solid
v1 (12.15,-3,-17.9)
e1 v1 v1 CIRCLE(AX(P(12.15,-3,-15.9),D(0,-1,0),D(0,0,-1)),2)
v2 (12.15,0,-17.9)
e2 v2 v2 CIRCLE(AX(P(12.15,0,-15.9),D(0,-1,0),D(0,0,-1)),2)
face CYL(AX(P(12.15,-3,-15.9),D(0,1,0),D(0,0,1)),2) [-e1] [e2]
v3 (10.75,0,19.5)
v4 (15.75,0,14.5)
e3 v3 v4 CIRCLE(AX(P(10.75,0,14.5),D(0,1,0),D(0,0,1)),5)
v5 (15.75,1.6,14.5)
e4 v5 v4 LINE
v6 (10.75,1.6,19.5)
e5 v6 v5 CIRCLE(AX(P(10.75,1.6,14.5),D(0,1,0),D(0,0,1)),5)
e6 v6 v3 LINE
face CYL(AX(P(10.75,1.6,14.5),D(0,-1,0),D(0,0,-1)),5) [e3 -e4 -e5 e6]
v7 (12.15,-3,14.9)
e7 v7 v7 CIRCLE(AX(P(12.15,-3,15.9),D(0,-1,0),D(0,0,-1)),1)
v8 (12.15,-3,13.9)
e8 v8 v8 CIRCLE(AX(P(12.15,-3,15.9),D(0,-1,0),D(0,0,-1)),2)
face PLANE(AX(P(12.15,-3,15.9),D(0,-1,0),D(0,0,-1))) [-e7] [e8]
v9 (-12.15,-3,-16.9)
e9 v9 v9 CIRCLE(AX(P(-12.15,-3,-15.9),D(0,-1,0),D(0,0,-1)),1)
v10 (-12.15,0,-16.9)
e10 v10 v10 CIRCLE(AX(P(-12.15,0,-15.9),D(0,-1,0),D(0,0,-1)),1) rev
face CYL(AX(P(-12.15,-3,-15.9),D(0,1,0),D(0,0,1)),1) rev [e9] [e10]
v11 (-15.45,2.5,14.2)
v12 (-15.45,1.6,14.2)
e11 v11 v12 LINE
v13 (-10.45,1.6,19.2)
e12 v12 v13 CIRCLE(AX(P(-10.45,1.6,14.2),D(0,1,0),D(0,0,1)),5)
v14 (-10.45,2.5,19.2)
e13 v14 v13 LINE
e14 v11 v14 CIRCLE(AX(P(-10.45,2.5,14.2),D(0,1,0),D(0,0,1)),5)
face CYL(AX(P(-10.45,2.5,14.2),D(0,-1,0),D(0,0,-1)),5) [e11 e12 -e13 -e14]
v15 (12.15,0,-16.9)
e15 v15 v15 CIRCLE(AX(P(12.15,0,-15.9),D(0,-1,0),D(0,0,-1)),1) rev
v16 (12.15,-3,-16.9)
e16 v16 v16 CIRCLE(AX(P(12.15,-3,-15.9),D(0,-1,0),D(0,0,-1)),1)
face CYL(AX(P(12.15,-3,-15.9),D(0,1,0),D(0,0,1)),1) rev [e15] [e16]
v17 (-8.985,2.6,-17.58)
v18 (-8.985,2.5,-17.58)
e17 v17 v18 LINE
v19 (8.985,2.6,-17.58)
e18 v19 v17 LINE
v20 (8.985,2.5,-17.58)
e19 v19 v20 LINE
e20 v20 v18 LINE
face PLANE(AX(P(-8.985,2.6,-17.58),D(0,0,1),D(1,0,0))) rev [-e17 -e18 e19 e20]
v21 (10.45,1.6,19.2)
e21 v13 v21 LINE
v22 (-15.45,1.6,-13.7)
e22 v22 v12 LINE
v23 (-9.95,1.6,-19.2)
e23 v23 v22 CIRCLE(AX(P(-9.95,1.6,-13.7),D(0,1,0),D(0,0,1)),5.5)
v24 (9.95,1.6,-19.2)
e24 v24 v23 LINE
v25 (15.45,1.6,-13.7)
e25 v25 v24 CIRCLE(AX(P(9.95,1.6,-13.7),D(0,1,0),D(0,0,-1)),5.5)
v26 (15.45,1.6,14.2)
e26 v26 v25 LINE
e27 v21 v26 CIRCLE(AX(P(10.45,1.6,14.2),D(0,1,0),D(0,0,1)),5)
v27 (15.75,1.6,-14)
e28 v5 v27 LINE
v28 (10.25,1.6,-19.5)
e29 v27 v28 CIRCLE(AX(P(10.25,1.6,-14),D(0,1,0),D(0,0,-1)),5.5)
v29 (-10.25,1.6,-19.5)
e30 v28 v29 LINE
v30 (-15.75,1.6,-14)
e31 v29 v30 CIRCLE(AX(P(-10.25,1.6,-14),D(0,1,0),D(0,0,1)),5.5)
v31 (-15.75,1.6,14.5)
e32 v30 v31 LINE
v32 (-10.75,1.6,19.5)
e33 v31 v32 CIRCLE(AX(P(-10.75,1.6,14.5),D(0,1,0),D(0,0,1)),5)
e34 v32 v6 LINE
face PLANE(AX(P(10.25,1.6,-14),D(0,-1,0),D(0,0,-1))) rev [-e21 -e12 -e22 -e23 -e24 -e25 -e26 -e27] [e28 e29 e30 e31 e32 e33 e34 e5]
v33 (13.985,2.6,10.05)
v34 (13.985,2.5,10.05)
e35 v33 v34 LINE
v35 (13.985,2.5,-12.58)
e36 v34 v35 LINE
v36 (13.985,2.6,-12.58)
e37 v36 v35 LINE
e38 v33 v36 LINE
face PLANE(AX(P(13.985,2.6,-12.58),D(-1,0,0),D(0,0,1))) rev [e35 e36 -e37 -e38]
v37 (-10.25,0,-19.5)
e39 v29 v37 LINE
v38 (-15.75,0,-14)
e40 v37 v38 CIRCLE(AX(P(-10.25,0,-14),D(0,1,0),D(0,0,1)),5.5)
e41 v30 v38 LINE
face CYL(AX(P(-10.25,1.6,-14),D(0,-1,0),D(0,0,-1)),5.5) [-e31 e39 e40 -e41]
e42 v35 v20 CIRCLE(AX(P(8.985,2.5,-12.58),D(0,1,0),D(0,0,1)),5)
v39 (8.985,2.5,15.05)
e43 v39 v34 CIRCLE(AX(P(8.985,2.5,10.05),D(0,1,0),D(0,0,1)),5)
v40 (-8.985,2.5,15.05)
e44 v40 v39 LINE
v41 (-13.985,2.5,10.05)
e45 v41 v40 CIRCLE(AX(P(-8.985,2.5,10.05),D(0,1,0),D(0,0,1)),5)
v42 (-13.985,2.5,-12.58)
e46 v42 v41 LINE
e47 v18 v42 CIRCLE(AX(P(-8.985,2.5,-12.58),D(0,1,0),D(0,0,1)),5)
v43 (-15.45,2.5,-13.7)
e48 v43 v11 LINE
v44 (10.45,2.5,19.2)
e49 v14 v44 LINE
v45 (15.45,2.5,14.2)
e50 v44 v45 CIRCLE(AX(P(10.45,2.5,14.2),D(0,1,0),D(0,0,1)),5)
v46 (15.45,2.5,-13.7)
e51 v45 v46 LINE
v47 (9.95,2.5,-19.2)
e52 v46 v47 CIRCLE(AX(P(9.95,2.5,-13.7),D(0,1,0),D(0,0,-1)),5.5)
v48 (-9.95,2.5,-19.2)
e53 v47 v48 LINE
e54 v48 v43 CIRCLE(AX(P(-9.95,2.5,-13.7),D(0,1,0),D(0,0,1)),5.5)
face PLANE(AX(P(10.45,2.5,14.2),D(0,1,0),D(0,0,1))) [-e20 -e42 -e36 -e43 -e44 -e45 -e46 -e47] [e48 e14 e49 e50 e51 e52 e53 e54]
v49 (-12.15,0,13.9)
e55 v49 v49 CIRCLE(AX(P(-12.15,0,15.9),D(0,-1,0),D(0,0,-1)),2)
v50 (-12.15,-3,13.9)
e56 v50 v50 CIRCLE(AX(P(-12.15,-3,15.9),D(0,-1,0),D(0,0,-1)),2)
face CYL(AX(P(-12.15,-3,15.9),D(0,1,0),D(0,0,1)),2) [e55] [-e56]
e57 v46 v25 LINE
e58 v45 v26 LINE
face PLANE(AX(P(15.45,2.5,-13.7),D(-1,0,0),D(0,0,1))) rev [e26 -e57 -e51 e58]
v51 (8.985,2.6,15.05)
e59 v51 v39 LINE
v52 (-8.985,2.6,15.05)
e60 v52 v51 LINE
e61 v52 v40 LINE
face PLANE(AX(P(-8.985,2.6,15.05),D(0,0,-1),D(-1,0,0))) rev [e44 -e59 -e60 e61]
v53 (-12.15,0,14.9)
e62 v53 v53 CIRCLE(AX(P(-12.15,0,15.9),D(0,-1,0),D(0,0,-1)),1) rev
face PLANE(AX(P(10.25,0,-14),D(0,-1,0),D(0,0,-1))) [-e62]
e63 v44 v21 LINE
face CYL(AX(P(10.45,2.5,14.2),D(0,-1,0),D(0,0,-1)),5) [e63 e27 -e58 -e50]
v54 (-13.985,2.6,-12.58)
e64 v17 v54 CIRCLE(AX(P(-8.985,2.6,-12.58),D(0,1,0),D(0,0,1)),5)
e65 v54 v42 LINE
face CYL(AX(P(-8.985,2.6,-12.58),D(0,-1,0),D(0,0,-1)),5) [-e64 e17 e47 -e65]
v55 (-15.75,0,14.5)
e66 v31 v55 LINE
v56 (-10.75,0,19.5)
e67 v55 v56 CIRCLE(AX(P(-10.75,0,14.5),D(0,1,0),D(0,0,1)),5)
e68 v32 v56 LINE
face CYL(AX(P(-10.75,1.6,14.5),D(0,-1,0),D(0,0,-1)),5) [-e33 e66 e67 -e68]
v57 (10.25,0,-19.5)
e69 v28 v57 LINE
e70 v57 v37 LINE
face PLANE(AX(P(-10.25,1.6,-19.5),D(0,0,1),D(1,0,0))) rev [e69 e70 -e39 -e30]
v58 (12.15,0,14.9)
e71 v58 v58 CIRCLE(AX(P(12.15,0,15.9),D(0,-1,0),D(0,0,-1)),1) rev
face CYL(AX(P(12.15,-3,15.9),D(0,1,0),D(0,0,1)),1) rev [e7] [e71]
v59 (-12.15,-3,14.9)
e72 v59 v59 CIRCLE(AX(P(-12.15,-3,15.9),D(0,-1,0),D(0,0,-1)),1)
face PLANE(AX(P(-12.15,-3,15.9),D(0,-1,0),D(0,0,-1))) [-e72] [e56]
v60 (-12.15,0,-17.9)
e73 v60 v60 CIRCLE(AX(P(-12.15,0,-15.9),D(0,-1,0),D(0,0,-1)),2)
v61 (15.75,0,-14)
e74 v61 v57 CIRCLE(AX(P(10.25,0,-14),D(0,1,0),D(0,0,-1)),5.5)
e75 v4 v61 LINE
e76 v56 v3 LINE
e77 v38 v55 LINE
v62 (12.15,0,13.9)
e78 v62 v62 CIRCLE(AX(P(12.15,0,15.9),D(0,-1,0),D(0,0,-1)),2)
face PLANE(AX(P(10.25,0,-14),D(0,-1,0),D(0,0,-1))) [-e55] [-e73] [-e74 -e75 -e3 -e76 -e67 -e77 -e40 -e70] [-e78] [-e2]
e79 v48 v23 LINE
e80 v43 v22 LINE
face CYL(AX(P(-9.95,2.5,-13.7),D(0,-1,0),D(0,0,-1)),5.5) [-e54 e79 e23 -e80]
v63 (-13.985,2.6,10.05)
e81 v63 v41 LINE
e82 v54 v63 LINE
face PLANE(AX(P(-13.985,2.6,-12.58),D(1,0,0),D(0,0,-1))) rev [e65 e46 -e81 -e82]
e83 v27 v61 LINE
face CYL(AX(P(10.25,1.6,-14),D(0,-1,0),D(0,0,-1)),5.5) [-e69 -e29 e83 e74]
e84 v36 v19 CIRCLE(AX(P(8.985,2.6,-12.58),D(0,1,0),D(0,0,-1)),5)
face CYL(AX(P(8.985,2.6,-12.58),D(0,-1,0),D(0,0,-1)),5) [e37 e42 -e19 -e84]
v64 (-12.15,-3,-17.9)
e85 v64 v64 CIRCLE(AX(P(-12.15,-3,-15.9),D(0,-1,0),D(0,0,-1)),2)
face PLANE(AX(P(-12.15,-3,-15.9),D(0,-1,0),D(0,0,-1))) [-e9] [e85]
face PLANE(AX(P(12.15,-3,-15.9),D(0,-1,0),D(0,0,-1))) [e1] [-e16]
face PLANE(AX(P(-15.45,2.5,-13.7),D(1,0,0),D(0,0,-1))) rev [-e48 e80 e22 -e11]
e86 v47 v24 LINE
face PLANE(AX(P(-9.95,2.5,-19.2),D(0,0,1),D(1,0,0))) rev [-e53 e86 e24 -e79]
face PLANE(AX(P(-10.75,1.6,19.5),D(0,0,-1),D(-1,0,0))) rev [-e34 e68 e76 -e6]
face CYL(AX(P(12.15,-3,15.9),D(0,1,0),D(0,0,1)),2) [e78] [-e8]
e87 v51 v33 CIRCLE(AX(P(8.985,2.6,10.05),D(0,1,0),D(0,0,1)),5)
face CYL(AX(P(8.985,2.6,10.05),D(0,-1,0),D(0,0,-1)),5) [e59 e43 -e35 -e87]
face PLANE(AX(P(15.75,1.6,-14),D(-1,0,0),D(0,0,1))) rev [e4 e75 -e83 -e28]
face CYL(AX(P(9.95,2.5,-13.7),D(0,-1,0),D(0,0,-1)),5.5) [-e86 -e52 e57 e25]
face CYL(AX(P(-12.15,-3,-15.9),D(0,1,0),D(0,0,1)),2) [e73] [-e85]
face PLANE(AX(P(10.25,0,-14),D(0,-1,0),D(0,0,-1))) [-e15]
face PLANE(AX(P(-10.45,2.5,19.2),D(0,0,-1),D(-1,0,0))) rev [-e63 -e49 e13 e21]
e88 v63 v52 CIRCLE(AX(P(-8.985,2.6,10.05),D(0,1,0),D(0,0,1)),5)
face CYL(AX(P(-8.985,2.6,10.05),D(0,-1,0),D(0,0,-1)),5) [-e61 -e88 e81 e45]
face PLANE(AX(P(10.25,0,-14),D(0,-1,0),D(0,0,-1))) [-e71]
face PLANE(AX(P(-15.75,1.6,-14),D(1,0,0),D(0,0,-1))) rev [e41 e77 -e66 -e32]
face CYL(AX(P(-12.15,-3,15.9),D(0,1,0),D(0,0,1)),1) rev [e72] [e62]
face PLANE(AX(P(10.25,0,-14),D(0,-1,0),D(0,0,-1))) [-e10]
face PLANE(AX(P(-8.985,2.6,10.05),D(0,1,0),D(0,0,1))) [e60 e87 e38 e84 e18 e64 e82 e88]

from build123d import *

# Parameters (mm, degrees)
EXTRUDE_1_DEPTH = 1.6
EXTRUDE_2_DEPTH = 1
EXTRUDE_3_DEPTH = 0.9
SKETCH_4_R      = 2
SKETCH_4_R_2    = 1
EXTRUDE_4_DEPTH = 3


with BuildPart() as part:
    # 草图1 → 凸台-拉伸1 (new body)
    with BuildSketch(Plane(origin=(0, 0, 0), x_dir=(1, 0, 0), z_dir=(0, 1, 0))):
        with BuildLine():
            Line((-10.25, 19.5), (10.25, 19.5))
            ThreePointArc((10.25, 19.5), (14.139087297, 17.889087297), (15.75, 14))
            Line((15.75, 14), (15.75, -14.5))
            ThreePointArc((15.75, -14.5), (14.285533906, -18.035533906), (10.75, -19.5))
            Line((10.75, -19.5), (-10.75, -19.5))
            ThreePointArc((-10.75, -19.5), (-14.285533906, -18.035533906), (-15.75, -14.5))
            Line((-15.75, -14.5), (-15.75, 14))
            ThreePointArc((-15.75, 14), (-14.139087297, 17.889087297), (-10.25, 19.5))
        make_face()
    extrude(amount=EXTRUDE_1_DEPTH)

    # 草图2 → 凸台-拉伸2 (add)
    with BuildSketch(Plane(origin=(0, 1.6, 0), x_dir=(1, 0, 0), z_dir=(0, 1, 0))):
        with BuildLine():
            Line((-8.985, 17.58), (8.985, 17.58))
            ThreePointArc((8.985, 17.58), (12.520533906, 16.115533906), (13.985, 12.58))
            Line((13.985, 12.58), (13.985, -10.05))
            ThreePointArc((13.985, -10.05), (12.520533906, -13.585533906), (8.985, -15.05))
            Line((8.985, -15.05), (-8.985, -15.05))
            ThreePointArc((-8.985, -15.05), (-12.520533906, -13.585533906), (-13.985, -10.05))
            Line((-13.985, -10.05), (-13.985, 12.58))
            ThreePointArc((-13.985, 12.58), (-12.520533906, 16.115533906), (-8.985, 17.58))
        make_face()
    extrude(amount=EXTRUDE_2_DEPTH)

    # 草图3 → 凸台-拉伸3 (add)
    with BuildSketch(Plane(origin=(0, 1.6, 0), x_dir=(1, 0, 0), z_dir=(0, 1, 0))):
        with BuildLine():
            Line((-9.95, 19.2), (9.95, 19.2))
            ThreePointArc((9.95, 19.2), (13.839087297, 17.589087297), (15.45, 13.7))
            Line((15.45, 13.7), (15.45, -14.2))
            ThreePointArc((15.45, -14.2), (13.985533906, -17.735533906), (10.45, -19.2))
            Line((10.45, -19.2), (-10.45, -19.2))
            ThreePointArc((-10.45, -19.2), (-13.985533906, -17.735533906), (-15.45, -14.2))
            Line((-15.45, -14.2), (-15.45, 13.7))
            ThreePointArc((-15.45, 13.7), (-13.839087297, 17.589087297), (-9.95, 19.2))
        make_face()
    extrude(amount=EXTRUDE_3_DEPTH)

    # 草图4 → 凸台-拉伸4 (add)
    # profile 1 of 4: a face of its own
    with BuildSketch(Plane.XZ):
        with Locations(Location((-12.15, 15.9, 0), (0, 0, 270))):
            Circle(SKETCH_4_R)
        with Locations(Location((-12.15, 15.9, 0), (0, 0, 270))):
            Circle(SKETCH_4_R_2, mode=Mode.SUBTRACT)
    # profile 2 of 4: a face of its own
    with BuildSketch(Plane.XZ):
        with Locations(Location((12.15, 15.9, 0), (0, 0, 270))):
            Circle(SKETCH_4_R)
        with Locations(Location((12.15, 15.9, 0), (0, 0, 270))):
            Circle(SKETCH_4_R_2, mode=Mode.SUBTRACT)
    # profile 3 of 4: a face of its own
    with BuildSketch(Plane.XZ):
        with Locations(Location((12.15, -15.9, 0), (0, 0, 270))):
            Circle(SKETCH_4_R)
        with Locations(Location((12.15, -15.9, 0), (0, 0, 270))):
            Circle(SKETCH_4_R_2, mode=Mode.SUBTRACT)
    # profile 4 of 4: a face of its own
    with BuildSketch(Plane.XZ):
        with Locations(Location((-12.15, -15.9, 0), (0, 0, 270))):
            Circle(SKETCH_4_R)
        with Locations(Location((-12.15, -15.9, 0), (0, 0, 270))):
            Circle(SKETCH_4_R_2, mode=Mode.SUBTRACT)
    extrude(amount=EXTRUDE_4_DEPTH)


solid = part.part
